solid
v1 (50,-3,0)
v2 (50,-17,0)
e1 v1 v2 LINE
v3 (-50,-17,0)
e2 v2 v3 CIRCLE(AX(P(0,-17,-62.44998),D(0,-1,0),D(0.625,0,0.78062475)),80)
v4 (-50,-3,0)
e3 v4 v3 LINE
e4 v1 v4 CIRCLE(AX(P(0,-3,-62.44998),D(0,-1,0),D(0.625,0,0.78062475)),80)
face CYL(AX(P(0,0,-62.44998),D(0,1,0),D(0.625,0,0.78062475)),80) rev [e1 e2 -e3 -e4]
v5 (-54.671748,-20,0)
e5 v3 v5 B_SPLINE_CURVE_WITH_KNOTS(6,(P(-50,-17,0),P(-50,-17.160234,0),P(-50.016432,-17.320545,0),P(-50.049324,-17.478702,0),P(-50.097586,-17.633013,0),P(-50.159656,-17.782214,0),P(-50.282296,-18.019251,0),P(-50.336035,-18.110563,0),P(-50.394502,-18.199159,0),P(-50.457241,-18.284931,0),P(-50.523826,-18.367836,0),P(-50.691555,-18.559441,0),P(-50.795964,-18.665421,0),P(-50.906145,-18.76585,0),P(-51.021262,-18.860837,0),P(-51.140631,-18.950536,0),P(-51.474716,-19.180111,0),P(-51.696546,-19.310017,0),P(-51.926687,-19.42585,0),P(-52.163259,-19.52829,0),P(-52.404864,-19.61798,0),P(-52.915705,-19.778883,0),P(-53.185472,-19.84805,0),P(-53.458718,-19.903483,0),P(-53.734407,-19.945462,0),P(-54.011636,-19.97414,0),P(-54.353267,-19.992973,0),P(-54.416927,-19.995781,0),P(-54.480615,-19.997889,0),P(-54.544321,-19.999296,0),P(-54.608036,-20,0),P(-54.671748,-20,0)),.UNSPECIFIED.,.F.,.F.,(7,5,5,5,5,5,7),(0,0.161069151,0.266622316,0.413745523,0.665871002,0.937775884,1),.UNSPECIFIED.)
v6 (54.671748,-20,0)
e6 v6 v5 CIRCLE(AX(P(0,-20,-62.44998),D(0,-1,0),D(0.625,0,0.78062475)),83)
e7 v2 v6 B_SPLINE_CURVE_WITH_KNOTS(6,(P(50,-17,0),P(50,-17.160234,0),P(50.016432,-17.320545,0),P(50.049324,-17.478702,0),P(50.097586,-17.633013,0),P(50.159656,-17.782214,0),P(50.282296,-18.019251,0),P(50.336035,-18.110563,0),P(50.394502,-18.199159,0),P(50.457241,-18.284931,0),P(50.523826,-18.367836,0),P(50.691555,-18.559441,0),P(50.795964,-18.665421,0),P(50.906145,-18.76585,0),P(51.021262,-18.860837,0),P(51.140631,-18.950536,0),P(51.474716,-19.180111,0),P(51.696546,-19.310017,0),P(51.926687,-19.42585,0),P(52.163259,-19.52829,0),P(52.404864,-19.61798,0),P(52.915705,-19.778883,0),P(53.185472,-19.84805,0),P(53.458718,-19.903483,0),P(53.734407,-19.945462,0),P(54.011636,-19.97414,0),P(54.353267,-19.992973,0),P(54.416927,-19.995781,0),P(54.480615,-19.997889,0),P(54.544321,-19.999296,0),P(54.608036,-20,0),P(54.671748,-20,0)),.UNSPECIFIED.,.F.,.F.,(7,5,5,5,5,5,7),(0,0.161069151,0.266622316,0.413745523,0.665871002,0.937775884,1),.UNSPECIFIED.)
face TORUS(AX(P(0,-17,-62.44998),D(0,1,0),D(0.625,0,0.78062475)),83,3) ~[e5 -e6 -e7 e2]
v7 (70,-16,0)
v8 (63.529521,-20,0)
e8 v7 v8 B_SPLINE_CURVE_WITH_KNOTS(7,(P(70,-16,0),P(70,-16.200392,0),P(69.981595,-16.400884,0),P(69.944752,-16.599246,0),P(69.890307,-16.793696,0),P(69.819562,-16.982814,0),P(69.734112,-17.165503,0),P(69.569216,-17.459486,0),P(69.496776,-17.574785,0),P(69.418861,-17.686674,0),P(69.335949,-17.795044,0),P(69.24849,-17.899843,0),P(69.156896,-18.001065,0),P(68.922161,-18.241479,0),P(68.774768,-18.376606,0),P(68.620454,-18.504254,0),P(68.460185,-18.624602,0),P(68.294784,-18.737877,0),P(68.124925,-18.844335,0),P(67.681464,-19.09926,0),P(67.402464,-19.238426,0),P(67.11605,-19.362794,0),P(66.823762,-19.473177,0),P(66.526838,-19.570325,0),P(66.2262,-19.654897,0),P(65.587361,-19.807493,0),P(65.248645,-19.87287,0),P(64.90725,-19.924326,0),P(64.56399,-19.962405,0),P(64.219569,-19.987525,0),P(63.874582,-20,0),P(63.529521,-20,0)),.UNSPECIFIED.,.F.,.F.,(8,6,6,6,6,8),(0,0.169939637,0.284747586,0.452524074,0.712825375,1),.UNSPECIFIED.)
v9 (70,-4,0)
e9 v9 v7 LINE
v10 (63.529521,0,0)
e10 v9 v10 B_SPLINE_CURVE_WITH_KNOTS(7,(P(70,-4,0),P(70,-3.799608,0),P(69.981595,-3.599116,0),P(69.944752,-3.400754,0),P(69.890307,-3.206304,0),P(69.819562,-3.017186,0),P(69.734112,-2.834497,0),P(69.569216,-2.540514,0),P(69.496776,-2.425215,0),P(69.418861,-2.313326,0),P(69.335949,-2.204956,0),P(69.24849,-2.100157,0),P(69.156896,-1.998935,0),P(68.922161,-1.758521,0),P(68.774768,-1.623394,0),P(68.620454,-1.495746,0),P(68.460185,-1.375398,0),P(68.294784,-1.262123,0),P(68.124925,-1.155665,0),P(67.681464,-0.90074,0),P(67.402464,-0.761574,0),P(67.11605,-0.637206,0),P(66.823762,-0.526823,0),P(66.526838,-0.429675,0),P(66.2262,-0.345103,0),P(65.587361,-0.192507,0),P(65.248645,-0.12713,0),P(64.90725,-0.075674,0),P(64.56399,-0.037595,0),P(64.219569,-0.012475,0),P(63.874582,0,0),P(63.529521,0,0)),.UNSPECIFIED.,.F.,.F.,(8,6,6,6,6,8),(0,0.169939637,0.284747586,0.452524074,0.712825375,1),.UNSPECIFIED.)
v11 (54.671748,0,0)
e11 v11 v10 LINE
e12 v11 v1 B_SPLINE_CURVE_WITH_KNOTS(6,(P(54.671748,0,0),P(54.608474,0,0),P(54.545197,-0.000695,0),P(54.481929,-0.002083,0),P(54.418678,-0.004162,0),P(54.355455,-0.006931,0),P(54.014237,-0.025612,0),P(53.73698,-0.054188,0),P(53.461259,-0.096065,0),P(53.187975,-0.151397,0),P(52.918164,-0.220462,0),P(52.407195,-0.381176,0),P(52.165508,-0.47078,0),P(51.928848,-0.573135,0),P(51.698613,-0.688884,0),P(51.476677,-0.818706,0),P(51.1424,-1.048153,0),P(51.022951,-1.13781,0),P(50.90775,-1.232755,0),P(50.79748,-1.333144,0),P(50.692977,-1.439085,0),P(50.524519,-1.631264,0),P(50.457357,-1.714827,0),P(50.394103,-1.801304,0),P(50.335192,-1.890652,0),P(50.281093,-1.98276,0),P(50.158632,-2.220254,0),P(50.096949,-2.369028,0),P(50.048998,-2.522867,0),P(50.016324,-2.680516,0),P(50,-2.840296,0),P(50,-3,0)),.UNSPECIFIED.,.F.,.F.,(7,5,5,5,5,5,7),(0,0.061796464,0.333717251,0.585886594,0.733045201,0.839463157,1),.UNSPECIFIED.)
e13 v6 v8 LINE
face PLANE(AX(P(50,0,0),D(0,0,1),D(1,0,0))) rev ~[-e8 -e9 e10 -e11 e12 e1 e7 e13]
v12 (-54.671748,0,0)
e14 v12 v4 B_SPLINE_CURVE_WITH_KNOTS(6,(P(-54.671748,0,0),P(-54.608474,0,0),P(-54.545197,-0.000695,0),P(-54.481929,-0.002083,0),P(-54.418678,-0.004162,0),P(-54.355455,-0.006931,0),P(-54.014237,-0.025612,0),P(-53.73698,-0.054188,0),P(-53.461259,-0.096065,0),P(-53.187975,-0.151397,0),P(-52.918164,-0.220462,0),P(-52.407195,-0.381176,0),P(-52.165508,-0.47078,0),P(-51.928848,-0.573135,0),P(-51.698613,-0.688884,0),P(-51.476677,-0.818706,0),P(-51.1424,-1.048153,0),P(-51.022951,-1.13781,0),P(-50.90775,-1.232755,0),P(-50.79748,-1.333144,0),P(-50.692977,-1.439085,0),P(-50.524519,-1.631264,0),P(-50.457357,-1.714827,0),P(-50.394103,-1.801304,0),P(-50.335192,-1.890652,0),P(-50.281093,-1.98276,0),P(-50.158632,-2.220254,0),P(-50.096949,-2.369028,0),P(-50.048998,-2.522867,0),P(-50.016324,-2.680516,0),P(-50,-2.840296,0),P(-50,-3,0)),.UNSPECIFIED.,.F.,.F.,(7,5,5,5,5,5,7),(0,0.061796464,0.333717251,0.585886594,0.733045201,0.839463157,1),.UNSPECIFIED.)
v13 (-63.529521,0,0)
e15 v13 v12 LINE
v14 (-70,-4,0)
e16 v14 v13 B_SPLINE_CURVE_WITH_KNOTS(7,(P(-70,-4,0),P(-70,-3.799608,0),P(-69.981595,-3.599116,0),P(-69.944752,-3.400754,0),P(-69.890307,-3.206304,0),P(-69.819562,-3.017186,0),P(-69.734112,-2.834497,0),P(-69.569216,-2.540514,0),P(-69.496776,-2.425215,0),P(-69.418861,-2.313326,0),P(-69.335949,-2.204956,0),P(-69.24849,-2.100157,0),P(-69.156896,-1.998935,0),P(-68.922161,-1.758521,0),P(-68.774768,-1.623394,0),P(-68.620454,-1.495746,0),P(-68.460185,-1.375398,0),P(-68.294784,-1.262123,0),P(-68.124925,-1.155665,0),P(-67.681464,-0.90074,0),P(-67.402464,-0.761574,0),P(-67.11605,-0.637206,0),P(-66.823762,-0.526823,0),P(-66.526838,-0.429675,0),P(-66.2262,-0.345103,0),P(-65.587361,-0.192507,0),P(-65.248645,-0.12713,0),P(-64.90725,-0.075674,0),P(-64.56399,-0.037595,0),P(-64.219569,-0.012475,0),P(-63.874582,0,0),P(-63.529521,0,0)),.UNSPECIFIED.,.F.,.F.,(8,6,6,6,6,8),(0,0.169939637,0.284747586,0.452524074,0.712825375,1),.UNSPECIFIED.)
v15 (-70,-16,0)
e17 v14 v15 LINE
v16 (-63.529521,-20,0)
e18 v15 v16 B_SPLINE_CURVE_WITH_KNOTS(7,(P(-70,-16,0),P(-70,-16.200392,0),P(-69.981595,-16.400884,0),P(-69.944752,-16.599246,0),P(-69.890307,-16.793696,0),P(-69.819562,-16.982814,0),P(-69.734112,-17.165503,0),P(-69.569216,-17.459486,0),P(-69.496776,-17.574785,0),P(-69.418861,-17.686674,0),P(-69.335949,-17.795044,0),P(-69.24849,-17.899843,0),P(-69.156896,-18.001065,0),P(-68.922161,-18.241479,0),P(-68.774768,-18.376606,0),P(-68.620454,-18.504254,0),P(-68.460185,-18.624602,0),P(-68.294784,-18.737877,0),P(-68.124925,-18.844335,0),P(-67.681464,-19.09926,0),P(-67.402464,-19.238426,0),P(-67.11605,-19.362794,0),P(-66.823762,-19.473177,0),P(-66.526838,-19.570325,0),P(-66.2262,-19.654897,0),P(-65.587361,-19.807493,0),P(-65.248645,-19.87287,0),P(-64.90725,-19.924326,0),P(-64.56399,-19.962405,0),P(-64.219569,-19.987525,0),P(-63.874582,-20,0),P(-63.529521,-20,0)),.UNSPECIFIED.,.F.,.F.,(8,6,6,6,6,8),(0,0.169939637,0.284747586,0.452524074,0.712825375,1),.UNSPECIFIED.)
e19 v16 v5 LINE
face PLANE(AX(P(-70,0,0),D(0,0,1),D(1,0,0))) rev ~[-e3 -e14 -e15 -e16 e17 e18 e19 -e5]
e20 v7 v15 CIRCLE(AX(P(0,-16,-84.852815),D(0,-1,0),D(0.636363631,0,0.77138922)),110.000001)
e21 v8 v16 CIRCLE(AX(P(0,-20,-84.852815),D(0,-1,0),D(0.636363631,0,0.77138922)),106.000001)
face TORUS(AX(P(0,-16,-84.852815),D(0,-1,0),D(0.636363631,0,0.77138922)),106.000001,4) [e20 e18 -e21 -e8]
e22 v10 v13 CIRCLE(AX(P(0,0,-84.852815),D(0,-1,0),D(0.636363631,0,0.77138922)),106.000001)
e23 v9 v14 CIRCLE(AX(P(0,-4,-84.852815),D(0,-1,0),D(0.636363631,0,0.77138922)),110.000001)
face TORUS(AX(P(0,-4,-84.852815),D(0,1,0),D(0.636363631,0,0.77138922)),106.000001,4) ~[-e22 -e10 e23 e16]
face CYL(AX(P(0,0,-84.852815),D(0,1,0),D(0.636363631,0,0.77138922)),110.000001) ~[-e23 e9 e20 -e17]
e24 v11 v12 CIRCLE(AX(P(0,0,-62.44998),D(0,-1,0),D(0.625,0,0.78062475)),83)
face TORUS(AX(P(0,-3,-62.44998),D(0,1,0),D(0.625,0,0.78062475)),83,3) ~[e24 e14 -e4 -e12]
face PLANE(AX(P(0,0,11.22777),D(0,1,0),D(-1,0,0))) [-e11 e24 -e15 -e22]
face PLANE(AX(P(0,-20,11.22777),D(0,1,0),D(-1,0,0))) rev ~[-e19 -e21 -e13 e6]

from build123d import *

# Parameters (mm, degrees)
PAD_DEPTH   = 20
FILLET_R    = 4
FILLET001_R = 4
FILLET002_R = 3
FILLET003_R = 3


with BuildPart() as part:
    # Sketch → Pad (new body)
    with BuildSketch(Plane.XZ):
        with BuildLine():
            ThreePointArc((50, 0), (0, 17.55002), (-50, 0))
            Line((-70, 0), (-50, 0))
            ThreePointArc((70, 0), (0, 25.147186), (-70, 0))
            Line((50, 0), (70, 0))
        make_face()
    extrude(amount=PAD_DEPTH)

    # Fillet
    fillet_edges = [part.edges().sort_by_distance(p)[0] for p in [
        (0, -20, 25.147186),
    ]]
    fillet(fillet_edges, radius=FILLET_R)

    # Fillet001
    fillet001_edges = [part.edges().sort_by_distance(p)[0] for p in [
        (0, 0, 25.147186),
    ]]
    fillet(fillet001_edges, radius=FILLET001_R)

    # Fillet002
    fillet002_edges = [part.edges().sort_by_distance(p)[0] for p in [
        (0, 0, 17.55002),
    ]]
    fillet(fillet002_edges, radius=FILLET002_R)

    # Fillet003
    fillet003_edges = [part.edges().sort_by_distance(p)[0] for p in [
        (0, -20, 17.55002),
    ]]
    fillet(fillet003_edges, radius=FILLET003_R)


solid = part.part
